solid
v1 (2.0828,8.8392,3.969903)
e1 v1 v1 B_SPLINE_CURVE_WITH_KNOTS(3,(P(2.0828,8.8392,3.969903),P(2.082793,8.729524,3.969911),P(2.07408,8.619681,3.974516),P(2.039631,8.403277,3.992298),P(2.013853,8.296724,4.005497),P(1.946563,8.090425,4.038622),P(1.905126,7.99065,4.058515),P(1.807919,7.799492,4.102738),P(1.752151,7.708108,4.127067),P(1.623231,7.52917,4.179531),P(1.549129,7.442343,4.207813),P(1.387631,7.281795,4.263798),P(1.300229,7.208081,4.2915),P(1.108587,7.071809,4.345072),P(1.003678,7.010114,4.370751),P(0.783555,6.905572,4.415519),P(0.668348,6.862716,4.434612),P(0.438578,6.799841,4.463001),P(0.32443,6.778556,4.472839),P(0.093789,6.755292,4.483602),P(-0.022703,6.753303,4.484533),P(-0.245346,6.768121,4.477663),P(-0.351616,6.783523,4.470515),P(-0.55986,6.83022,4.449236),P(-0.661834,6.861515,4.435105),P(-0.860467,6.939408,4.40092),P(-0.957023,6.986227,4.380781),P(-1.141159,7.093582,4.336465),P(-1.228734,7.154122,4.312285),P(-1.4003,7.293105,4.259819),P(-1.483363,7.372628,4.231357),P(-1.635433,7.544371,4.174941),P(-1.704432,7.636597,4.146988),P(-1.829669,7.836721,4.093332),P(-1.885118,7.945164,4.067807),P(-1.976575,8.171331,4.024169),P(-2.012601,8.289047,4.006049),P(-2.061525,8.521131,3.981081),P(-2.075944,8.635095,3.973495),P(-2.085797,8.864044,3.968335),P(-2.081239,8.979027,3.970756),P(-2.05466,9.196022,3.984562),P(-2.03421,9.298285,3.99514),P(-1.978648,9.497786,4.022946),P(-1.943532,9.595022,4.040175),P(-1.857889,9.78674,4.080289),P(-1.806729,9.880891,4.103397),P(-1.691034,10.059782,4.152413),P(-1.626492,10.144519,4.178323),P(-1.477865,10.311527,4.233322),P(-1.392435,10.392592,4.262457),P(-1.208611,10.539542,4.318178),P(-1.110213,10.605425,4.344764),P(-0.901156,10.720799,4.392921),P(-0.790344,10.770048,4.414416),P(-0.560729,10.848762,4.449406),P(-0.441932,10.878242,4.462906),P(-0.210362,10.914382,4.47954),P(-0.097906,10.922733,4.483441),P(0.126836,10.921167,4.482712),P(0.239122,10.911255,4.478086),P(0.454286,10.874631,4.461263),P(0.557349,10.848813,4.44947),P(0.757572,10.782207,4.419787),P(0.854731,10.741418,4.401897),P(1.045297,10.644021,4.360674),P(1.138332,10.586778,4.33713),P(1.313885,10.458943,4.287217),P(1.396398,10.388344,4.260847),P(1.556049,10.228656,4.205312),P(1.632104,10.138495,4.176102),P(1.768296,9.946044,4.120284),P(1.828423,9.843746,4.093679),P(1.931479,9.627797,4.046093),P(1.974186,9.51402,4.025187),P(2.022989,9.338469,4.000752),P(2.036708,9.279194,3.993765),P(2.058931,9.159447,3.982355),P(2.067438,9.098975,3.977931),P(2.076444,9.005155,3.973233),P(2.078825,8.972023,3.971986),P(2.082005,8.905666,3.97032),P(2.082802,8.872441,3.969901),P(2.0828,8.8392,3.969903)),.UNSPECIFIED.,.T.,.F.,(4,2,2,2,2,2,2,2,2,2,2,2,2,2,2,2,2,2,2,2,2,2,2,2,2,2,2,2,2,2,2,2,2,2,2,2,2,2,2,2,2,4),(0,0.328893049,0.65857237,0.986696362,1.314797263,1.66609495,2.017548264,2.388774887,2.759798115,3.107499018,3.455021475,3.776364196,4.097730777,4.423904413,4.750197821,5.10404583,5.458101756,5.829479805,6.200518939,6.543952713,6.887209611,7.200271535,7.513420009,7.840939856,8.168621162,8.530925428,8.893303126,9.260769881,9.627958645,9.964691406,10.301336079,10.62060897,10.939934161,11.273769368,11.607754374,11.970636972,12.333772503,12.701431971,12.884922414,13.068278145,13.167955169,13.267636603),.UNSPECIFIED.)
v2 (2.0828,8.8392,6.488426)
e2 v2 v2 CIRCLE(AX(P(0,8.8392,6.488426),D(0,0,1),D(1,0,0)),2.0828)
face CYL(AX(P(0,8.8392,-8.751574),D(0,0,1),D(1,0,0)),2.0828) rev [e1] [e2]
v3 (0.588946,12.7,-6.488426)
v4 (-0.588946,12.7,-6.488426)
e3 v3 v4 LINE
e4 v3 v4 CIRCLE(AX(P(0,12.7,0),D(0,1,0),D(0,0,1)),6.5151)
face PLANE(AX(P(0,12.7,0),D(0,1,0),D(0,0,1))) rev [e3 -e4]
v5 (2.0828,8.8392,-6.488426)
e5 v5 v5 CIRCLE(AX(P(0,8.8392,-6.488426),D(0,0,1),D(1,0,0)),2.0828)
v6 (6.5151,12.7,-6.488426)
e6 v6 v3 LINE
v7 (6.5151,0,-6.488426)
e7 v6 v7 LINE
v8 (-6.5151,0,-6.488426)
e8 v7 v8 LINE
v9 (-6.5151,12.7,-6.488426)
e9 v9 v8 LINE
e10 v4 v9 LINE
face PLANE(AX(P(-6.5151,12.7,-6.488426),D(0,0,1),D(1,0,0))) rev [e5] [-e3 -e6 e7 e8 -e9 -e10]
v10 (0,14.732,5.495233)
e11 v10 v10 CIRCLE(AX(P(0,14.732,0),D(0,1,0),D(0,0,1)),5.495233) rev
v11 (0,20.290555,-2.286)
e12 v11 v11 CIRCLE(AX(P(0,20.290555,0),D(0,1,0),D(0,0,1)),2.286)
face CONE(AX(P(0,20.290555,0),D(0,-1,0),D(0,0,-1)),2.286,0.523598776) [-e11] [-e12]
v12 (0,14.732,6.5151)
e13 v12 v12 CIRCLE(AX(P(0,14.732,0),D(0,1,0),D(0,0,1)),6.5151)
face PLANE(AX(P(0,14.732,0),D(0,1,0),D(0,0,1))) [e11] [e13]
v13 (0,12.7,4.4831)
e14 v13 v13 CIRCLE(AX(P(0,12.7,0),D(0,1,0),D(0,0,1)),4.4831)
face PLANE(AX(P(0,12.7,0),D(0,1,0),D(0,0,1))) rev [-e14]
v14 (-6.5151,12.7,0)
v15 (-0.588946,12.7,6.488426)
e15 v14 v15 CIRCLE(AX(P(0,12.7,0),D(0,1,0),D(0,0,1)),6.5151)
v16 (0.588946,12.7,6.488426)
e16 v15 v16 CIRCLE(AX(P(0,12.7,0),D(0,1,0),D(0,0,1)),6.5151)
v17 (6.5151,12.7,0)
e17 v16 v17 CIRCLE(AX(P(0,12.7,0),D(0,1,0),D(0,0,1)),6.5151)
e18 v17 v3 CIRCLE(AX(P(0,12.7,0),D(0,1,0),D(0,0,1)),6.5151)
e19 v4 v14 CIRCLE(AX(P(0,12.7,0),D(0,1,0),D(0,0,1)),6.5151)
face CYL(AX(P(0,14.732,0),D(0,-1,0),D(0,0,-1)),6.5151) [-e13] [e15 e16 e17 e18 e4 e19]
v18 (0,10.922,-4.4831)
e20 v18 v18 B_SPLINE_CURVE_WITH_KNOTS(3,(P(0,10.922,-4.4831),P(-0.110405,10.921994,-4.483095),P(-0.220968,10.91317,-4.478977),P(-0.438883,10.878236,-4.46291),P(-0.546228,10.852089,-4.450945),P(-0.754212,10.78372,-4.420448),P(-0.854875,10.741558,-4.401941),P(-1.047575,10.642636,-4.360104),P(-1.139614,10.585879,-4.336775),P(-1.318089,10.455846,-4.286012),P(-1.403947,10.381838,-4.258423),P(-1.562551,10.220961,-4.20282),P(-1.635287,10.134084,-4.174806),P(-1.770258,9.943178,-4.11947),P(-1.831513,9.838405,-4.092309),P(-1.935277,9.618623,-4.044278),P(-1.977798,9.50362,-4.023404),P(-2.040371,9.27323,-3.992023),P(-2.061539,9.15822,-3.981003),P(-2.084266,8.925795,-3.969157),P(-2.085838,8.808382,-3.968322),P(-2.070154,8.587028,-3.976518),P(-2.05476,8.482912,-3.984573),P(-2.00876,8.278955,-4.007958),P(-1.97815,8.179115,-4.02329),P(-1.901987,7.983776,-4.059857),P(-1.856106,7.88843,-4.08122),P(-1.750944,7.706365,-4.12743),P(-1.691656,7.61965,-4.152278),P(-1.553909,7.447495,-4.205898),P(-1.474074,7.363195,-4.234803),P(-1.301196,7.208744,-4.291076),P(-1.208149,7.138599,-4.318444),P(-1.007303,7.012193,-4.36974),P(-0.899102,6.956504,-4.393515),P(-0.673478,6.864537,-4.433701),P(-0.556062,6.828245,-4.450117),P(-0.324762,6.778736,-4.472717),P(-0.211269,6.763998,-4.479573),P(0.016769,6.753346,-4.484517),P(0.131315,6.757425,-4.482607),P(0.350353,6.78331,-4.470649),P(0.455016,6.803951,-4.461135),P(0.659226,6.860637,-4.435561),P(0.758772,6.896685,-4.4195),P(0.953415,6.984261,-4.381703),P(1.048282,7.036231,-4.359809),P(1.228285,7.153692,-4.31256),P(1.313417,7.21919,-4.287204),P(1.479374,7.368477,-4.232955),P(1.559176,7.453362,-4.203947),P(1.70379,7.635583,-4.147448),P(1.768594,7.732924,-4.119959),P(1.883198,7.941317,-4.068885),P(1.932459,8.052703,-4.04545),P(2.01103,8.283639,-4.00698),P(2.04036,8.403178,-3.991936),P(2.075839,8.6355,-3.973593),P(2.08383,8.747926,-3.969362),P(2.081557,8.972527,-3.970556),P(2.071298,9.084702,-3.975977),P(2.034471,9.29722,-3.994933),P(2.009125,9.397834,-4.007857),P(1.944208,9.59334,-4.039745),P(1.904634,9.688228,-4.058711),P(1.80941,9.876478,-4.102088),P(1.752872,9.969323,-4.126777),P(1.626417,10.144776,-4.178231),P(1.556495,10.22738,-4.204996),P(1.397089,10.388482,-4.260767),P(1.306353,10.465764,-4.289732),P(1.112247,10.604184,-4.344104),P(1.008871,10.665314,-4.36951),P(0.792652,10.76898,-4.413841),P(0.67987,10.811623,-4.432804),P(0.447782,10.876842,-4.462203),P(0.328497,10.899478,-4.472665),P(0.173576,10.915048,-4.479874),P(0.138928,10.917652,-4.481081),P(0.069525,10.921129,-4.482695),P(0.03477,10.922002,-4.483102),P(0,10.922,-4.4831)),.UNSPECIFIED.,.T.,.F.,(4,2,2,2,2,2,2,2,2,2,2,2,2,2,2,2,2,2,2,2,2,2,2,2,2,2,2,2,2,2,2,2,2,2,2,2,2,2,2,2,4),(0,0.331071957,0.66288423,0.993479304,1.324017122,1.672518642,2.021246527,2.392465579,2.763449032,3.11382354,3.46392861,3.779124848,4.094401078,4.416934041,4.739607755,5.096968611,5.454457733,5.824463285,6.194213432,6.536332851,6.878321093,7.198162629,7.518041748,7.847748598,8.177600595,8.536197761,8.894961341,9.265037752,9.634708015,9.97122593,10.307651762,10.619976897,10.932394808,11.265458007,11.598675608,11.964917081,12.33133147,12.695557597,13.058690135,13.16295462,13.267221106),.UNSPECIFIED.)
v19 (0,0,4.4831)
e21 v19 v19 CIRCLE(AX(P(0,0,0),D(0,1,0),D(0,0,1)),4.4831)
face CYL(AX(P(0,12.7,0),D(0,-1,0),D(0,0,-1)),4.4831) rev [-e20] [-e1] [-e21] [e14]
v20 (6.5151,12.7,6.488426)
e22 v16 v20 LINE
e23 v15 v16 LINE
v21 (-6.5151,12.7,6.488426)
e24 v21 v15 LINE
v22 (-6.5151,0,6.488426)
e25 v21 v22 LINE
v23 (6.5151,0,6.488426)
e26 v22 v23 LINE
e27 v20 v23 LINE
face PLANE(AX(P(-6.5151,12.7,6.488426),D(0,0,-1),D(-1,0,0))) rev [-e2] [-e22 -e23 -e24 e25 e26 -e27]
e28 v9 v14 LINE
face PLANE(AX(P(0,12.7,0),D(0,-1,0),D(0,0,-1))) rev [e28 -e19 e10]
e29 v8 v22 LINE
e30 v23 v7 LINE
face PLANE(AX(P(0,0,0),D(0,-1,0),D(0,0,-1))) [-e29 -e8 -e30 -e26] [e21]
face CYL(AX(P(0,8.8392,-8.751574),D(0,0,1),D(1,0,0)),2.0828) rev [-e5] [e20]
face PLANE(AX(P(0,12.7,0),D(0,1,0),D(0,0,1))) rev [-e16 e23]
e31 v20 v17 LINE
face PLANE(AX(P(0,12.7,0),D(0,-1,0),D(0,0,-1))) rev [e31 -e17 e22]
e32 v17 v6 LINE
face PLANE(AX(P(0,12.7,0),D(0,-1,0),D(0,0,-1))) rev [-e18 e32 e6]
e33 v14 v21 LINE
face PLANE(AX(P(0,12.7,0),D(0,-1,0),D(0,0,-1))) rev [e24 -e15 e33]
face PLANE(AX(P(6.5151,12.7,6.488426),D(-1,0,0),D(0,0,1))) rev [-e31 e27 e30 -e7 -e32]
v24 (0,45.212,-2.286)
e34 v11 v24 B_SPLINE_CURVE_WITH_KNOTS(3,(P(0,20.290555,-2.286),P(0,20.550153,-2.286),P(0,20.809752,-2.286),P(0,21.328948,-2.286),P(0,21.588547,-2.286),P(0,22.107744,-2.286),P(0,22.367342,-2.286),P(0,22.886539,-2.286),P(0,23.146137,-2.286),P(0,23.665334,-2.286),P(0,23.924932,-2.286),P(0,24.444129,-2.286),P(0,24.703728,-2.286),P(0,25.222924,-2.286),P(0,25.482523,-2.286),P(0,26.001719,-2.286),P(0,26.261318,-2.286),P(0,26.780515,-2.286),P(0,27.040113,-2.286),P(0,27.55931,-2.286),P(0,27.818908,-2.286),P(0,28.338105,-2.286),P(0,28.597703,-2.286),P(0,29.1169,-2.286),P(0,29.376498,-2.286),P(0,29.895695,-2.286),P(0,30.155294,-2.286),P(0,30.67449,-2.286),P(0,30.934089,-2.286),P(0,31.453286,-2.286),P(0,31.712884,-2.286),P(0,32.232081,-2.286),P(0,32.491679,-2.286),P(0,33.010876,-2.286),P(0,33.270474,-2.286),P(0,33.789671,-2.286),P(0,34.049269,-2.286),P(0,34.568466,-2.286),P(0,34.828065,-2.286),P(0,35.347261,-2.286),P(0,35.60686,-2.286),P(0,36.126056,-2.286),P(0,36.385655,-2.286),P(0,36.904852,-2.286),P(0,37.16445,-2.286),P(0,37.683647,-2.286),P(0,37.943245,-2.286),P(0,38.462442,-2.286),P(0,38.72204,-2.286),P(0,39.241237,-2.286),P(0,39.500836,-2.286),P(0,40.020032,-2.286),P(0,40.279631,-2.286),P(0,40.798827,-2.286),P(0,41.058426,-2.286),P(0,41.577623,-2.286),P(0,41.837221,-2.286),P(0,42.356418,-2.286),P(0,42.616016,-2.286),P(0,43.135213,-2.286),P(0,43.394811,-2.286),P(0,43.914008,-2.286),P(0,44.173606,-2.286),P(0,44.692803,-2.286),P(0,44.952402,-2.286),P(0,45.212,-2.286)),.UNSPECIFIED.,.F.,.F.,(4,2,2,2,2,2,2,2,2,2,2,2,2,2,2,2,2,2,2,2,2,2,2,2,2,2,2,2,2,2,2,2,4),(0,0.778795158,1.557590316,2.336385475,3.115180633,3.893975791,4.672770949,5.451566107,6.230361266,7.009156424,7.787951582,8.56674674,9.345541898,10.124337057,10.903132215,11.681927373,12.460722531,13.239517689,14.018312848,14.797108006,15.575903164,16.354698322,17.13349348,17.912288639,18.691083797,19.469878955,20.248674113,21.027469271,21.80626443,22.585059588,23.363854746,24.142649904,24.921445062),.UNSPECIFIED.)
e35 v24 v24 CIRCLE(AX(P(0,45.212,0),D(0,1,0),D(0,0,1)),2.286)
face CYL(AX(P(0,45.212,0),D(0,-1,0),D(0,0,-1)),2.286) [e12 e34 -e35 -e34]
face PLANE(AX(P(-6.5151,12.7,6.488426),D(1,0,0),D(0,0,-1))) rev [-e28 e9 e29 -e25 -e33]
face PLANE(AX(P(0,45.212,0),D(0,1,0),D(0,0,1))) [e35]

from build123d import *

# Parameters (mm, degrees)
SKETCH4_W           = 13.0302
SKETCH4_H           = 12.976851724
SKETCH4_R           = 4.4831
BOSS_EXTRUDE3_DEPTH = 12.7
SKETCH5_R           = 2.0828
CUT_EXTRUDE4_DEPTH  = 15.24
SKETCH6_R           = 6.5151
BOSS_EXTRUDE4_DEPTH = 2.032
SKETCH7_R           = 2.286
BOSS_EXTRUDE6_DEPTH = 30.48
CHAMFER1_SIZE       = 3.20923319
CHAMFER1_SIZE2      = 5.558554938


with BuildPart() as part:
    # Sketch4 → Boss-Extrude3 (new body)
    with BuildSketch(Plane(origin=(0, 0, 0), x_dir=(1, 0, 0), z_dir=(0, 1, 0))):
        Rectangle(SKETCH4_W, SKETCH4_H)
        with Locations(Location((0, 0, 0), (0, 0, 270))):
            Circle(SKETCH4_R, mode=Mode.SUBTRACT)
    extrude(amount=BOSS_EXTRUDE3_DEPTH)

    # Sketch5 → Cut-Extrude4 (cut)
    with BuildSketch(Plane.XY.offset(6.488425862)):
        with Locations((0, 8.8392)):
            Circle(SKETCH5_R)
    extrude(amount=-CUT_EXTRUDE4_DEPTH, mode=Mode.SUBTRACT)

    # Sketch6 → Boss-Extrude4 (add)
    with BuildSketch(Plane(origin=(0, 12.7, 0), x_dir=(1, 0, 0), z_dir=(0, 1, 0))):
        with Locations(Location((0, 0, 0), (0, 0, 84.813545561))):
            Circle(SKETCH6_R)
    extrude(amount=BOSS_EXTRUDE4_DEPTH)

    # Sketch7 → Boss-Extrude6 (add)
    with BuildSketch(Plane(origin=(0, 14.732, 0), x_dir=(1, 0, 0), z_dir=(0, 1, 0))):
        with Locations(Location((0, 0, 0), (0, 0, 90))):
            Circle(SKETCH7_R)
    extrude(amount=BOSS_EXTRUDE6_DEPTH)

    # Chamfer1
    chamfer1_edges = [part.edges().sort_by_distance(p)[0] for p in [
        (0, 14.732, 2.286),
    ]]
    chamfer1_side = [part.faces().sort_by_distance(p)[0] for p in [
        (-0.572288462, 14.732, 6.304905465),
    ]]
    chamfer(chamfer1_edges, length=CHAMFER1_SIZE, length2=CHAMFER1_SIZE2, reference=chamfer1_side[0])


solid = part.part
